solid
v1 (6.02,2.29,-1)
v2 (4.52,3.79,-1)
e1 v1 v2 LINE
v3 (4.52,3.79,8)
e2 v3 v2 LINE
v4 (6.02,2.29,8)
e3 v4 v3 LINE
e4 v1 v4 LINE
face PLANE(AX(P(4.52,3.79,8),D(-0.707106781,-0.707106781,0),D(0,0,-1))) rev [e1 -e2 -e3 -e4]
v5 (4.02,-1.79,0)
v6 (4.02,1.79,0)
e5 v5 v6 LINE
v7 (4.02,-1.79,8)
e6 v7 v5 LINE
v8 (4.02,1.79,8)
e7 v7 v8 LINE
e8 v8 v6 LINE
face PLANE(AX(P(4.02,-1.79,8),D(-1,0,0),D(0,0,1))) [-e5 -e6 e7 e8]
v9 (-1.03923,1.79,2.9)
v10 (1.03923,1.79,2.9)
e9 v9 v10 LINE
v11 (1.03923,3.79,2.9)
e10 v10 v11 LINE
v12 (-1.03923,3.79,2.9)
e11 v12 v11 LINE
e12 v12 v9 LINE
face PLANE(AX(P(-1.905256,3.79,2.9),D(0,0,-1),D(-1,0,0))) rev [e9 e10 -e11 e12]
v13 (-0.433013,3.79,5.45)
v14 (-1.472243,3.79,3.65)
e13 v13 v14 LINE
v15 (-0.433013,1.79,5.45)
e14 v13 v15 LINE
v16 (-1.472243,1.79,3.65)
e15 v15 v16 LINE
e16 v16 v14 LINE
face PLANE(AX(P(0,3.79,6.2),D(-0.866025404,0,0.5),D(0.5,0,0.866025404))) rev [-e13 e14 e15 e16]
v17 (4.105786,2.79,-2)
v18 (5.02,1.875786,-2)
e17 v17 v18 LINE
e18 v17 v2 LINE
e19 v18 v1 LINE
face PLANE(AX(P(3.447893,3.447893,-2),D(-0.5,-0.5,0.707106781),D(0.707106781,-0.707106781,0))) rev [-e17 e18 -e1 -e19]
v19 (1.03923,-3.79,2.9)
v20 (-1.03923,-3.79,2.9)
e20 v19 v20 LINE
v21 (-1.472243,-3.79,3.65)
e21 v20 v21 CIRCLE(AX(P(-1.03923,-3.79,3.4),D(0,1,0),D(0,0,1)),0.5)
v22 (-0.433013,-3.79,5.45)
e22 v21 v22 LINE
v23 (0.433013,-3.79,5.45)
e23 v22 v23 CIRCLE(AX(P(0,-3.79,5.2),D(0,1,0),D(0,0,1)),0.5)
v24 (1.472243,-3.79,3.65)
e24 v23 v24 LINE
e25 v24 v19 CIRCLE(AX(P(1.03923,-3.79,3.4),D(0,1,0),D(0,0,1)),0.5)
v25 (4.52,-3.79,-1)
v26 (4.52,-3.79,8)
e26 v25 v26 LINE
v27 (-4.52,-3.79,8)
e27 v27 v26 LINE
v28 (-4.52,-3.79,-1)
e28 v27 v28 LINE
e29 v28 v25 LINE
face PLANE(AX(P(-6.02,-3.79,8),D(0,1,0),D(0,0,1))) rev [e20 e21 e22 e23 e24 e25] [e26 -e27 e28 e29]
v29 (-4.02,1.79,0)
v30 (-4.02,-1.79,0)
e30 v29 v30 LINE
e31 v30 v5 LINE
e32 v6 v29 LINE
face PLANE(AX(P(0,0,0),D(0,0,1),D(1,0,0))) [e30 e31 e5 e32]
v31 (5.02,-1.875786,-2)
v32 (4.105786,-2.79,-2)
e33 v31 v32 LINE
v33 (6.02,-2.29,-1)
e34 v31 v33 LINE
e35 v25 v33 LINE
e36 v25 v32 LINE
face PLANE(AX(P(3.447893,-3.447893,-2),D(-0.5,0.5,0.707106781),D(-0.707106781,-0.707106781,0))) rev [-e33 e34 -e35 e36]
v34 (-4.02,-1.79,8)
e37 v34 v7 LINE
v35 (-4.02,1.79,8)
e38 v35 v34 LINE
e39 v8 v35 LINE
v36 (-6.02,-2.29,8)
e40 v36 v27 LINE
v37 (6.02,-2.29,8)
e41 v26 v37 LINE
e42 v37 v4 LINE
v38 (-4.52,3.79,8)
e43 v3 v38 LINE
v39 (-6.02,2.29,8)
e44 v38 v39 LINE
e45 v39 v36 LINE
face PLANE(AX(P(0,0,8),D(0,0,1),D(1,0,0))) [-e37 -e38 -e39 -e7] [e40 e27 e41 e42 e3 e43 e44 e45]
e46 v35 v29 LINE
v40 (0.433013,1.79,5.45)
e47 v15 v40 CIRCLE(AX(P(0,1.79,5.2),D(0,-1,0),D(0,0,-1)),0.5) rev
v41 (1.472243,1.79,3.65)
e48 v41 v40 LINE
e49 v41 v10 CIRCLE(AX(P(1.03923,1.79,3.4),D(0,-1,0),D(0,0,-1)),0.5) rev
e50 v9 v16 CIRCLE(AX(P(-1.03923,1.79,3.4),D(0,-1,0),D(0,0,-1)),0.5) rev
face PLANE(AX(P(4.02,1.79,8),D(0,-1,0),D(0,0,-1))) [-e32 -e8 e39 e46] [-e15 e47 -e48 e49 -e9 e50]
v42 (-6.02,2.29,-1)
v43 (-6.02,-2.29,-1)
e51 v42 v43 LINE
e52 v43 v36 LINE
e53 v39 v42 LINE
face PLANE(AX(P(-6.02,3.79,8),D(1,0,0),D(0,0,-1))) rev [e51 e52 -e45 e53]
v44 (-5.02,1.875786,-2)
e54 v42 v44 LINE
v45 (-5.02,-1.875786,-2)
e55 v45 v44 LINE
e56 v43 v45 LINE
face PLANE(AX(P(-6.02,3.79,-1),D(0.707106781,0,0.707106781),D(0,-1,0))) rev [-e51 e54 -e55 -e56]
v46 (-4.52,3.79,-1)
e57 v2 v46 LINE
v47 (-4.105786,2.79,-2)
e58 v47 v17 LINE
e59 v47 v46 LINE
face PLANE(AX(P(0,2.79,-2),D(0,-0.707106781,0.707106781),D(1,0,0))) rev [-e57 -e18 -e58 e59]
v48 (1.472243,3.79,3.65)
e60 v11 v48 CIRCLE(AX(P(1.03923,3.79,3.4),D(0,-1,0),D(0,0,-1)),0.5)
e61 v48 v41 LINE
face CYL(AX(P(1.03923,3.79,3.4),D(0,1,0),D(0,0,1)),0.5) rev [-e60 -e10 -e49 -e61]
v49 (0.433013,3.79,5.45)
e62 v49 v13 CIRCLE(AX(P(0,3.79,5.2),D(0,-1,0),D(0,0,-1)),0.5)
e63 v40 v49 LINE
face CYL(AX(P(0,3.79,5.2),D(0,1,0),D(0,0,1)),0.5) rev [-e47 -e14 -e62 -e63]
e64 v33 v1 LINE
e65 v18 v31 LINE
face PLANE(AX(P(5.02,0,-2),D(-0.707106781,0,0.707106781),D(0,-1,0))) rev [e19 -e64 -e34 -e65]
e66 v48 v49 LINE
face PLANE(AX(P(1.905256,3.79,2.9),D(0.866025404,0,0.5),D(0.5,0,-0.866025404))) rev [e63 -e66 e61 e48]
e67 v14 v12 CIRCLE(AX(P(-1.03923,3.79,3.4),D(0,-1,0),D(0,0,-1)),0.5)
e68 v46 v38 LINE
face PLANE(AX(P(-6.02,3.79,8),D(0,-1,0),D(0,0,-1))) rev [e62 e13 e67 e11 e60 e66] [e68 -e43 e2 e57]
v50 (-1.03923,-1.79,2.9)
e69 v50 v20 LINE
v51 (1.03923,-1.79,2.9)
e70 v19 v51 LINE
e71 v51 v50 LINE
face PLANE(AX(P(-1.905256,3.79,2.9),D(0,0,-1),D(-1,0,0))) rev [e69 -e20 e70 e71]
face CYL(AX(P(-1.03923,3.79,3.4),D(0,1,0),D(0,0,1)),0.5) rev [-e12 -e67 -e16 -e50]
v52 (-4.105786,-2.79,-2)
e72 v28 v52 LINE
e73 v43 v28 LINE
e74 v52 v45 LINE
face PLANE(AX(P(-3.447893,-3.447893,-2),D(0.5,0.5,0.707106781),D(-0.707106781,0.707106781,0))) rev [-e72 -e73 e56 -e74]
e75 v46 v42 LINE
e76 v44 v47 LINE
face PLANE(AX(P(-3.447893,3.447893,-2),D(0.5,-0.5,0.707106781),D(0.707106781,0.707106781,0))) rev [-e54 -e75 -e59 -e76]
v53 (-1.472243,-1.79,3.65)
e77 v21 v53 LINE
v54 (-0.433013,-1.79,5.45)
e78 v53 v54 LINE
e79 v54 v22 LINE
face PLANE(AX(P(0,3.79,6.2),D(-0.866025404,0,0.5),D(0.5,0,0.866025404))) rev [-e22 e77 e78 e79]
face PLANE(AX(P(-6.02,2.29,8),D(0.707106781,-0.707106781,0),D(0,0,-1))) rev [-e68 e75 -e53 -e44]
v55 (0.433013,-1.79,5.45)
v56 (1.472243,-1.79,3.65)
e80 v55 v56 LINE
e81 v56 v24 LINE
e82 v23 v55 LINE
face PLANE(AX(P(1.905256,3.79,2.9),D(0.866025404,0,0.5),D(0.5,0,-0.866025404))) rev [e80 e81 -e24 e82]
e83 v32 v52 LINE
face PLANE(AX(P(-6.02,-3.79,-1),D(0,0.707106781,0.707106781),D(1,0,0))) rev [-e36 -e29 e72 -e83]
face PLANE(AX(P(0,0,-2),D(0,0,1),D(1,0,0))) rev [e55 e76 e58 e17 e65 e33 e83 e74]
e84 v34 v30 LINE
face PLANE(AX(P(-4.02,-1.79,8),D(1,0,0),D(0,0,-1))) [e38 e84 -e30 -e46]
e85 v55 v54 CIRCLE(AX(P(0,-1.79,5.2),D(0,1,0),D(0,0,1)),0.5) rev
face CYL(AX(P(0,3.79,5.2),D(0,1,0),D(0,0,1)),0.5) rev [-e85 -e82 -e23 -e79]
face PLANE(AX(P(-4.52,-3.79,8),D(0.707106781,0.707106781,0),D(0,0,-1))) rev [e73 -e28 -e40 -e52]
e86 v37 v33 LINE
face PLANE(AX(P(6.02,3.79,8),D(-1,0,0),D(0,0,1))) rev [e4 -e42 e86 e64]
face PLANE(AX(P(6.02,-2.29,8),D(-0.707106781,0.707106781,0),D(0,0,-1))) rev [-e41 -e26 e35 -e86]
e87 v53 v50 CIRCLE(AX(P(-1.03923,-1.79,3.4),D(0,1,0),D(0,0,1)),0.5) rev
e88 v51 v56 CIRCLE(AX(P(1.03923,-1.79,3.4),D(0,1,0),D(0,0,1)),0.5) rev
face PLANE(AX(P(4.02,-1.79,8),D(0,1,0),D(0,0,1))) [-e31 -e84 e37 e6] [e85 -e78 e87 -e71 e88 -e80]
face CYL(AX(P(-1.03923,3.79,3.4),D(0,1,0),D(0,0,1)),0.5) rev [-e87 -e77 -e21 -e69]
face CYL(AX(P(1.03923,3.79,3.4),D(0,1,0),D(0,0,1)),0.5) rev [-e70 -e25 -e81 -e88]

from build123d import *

# Parameters (mm, degrees)
SKETCH1_W               = 12.04
SKETCH1_H               = 7.58
SKETCH1_W_2             = 8.04
SKETCH1_H_2             = 3.58
BOSS_EXTRUDE1_DEPTH     = 8
SKETCH1_2_W             = 12.04
SKETCH1_2_H             = 7.58
BOSS_EXTRUDE2_DEPTH     = 2
CHAMFER1_SIZE           = 1.5
CUT_EXTRUDE1_DEPTH      = 13.55773865
CUT_EXTRUDE1_DEPTH_BACK = 13.55773865
FILLET1_R               = 0.5
CHAMFER2_SIZE           = 1


with BuildPart() as part:
    # Sketch1 → Boss-Extrude1 (new body)
    with BuildSketch(Plane.XY):
        Rectangle(SKETCH1_W, SKETCH1_H)
        Rectangle(SKETCH1_W_2, SKETCH1_H_2, mode=Mode.SUBTRACT)
    extrude(amount=BOSS_EXTRUDE1_DEPTH)

    # Sketch1<2> → Boss-Extrude2 (add)
    with BuildSketch(Plane.XY):
        Rectangle(SKETCH1_2_W, SKETCH1_2_H)
    extrude(amount=-BOSS_EXTRUDE2_DEPTH)

    # Chamfer1
    chamfer1_edges = [part.edges().sort_by_distance(p)[0] for p in [
        (-6.02, -3.79, 3),
        (-6.02, 3.79, 3),
        (6.02, 3.79, 3),
        (6.02, -3.79, 3),
    ]]
    chamfer(chamfer1_edges, length=CHAMFER1_SIZE)

    # Sketch2 → Cut-Extrude1 (cut, two sides: drawn at the far end of the back side and taken through both)
    with BuildSketch(Plane.XZ.offset(3.79).offset(-CUT_EXTRUDE1_DEPTH_BACK)):
        Polygon((-1.905255888, 2.9), (1.905255888, 2.9), (0, 6.2), align=None)
    extrude(amount=CUT_EXTRUDE1_DEPTH + CUT_EXTRUDE1_DEPTH_BACK, mode=Mode.SUBTRACT)

    # Fillet1
    fillet1_edges = [part.edges().sort_by_distance(p)[0] for p in [
        (-1.905255888, 2.79, 2.9),
        (0, 2.79, 6.2),
        (1.905255888, 2.79, 2.9),
        (1.905255888, -2.79, 2.9),
        (0, -2.79, 6.2),
        (-1.905255888, -2.79, 2.9),
    ]]
    fillet(fillet1_edges, radius=FILLET1_R)

    # Chamfer2
    chamfer2_edges = [part.edges().sort_by_distance(p)[0] for p in [
        (5.27, -3.04, -2),
        (6.02, 0, -2),
        (5.27, 3.04, -2),
        (0, 3.79, -2),
        (-5.27, 3.04, -2),
        (-6.02, 0, -2),
        (-5.27, -3.04, -2),
        (0, -3.79, -2),
    ]]
    chamfer(chamfer2_edges, length=CHAMFER2_SIZE)


solid = part.part
